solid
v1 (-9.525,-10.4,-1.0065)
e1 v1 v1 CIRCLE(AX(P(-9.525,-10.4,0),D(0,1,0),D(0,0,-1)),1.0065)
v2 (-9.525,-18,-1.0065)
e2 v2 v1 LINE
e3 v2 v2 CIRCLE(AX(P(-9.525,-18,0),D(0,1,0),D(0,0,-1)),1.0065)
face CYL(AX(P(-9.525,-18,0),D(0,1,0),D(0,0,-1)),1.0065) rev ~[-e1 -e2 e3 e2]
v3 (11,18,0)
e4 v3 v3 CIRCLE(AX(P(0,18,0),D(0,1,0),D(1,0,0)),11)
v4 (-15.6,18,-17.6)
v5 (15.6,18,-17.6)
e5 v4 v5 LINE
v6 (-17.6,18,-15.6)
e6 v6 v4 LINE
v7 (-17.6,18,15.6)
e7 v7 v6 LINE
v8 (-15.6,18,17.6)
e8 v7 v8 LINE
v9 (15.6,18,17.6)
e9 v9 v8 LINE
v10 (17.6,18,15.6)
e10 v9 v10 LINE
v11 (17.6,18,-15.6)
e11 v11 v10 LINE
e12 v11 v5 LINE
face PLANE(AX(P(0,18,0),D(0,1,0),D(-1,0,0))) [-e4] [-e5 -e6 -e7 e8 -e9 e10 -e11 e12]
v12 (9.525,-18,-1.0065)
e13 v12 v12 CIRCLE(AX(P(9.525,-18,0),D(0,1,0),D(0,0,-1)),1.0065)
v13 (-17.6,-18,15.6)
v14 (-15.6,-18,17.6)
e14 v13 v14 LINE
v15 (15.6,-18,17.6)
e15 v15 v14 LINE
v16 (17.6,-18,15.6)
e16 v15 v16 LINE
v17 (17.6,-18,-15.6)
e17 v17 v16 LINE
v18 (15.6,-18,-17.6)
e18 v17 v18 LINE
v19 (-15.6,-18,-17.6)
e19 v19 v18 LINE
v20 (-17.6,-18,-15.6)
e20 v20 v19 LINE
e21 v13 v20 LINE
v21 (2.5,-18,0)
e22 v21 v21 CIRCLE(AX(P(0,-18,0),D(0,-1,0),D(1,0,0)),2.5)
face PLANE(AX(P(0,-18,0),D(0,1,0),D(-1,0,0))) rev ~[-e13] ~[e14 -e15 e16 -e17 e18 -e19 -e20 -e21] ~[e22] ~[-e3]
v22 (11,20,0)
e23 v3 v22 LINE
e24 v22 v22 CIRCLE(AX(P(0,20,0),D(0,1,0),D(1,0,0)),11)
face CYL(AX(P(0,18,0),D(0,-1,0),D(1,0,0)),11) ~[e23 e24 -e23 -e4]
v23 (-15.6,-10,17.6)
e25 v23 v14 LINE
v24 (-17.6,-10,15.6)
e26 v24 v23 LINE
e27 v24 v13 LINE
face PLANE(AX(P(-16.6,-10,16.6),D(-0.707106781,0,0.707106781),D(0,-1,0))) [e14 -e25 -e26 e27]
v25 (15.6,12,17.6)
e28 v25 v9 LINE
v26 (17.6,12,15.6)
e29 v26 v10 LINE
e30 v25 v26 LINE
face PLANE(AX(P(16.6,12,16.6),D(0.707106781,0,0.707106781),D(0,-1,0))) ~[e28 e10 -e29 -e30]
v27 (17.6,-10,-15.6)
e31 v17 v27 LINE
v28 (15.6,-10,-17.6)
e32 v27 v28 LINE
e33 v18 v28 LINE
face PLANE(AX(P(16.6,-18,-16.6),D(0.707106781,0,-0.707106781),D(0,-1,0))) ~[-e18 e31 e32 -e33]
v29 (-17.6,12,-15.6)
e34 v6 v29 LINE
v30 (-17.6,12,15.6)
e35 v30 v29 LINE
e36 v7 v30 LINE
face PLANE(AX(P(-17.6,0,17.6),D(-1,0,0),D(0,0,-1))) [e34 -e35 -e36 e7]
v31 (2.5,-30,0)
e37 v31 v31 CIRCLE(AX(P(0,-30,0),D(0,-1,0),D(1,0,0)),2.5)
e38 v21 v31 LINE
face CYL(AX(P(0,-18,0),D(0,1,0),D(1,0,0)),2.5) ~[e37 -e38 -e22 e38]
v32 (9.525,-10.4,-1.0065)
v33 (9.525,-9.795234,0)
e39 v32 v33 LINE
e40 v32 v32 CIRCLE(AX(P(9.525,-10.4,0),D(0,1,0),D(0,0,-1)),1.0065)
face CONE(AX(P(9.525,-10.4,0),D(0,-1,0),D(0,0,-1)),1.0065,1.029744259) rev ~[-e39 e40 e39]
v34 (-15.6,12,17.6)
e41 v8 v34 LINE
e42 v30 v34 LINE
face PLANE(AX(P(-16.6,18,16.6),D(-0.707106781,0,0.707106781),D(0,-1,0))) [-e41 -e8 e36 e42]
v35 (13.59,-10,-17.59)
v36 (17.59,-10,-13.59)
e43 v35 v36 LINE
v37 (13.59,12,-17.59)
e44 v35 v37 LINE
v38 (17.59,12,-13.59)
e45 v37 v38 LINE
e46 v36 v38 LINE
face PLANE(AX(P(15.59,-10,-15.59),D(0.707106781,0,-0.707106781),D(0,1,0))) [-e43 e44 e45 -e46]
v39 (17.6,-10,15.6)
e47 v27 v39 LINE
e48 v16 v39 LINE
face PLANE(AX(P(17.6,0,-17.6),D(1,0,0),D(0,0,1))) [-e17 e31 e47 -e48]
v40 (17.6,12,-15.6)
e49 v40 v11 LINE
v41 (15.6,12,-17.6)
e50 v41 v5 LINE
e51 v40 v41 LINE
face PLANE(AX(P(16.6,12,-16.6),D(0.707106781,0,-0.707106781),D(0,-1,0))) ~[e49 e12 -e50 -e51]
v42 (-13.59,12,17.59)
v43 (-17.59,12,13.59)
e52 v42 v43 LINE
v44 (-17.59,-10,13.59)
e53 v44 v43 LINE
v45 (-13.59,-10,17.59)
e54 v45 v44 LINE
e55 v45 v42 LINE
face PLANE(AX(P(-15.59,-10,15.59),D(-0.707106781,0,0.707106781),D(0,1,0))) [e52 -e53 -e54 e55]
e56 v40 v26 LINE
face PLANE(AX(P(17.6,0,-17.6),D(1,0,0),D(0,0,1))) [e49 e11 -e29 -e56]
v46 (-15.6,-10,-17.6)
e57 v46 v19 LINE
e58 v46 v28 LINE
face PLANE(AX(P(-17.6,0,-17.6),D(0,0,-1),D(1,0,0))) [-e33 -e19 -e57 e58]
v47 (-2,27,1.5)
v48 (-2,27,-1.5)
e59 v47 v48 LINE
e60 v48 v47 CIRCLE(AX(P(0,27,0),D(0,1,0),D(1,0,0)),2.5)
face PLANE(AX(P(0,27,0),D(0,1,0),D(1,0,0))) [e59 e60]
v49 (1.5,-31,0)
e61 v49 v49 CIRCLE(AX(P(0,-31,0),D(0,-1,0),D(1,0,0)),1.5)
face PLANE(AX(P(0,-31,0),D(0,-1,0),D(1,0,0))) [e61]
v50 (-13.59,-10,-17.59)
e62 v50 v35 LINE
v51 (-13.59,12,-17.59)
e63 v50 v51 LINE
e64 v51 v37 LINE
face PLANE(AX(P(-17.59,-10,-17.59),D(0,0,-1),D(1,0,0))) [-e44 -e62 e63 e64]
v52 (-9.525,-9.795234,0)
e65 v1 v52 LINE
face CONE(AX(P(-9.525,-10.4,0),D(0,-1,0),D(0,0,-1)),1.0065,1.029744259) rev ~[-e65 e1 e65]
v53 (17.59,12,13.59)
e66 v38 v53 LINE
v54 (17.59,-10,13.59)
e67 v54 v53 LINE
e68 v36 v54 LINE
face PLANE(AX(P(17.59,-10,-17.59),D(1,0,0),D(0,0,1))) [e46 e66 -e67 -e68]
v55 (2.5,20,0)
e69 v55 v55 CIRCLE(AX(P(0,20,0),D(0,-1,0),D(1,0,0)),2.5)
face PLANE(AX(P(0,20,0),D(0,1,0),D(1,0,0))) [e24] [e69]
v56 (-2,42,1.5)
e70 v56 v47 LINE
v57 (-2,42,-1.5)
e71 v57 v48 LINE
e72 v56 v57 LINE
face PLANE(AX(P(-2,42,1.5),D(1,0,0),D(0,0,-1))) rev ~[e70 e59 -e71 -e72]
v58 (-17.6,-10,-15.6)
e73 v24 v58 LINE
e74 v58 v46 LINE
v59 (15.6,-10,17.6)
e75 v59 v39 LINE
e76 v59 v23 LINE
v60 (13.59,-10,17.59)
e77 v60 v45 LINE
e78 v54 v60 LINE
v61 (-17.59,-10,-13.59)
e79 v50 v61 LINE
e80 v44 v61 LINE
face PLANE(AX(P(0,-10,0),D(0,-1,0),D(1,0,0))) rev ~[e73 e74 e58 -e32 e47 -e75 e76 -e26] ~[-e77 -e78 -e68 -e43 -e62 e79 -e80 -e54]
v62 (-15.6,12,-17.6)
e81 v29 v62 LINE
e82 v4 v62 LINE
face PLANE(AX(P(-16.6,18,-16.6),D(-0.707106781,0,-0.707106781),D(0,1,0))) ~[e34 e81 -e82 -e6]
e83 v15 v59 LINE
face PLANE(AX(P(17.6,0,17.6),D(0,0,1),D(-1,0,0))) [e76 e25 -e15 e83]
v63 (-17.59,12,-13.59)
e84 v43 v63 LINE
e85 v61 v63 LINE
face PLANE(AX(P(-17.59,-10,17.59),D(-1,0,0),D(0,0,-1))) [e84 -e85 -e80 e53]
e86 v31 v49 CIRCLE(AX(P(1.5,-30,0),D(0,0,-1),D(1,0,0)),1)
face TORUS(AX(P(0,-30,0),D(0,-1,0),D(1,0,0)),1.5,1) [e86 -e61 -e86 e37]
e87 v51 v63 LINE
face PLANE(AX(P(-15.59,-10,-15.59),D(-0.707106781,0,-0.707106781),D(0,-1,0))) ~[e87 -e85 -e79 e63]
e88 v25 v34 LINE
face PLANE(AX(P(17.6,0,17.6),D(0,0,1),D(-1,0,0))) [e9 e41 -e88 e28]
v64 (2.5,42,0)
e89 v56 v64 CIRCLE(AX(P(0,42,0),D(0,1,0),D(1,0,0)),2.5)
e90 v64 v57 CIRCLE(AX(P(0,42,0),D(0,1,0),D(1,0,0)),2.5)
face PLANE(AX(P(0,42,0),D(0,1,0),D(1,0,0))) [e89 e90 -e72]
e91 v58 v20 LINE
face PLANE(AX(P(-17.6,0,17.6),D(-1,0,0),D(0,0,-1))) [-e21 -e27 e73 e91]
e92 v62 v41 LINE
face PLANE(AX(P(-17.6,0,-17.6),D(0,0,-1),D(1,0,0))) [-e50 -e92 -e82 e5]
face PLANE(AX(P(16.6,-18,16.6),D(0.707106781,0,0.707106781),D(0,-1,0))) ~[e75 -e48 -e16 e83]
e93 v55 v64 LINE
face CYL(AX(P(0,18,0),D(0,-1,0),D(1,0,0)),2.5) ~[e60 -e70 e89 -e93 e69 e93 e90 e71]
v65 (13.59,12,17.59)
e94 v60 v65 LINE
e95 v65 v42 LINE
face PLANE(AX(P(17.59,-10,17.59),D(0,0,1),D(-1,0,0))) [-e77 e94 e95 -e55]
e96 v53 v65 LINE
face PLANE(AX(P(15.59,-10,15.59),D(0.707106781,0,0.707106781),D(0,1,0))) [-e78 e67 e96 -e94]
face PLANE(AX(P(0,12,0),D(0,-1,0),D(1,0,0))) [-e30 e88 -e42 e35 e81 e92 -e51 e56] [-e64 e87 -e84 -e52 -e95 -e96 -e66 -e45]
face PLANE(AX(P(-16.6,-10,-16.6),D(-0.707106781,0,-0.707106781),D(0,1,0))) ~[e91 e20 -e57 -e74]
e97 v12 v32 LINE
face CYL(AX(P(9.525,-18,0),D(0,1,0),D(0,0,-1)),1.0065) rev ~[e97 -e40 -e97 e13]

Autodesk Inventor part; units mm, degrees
ref_plane "YZ Plane" through (0, 0, 0) normal (1, 0, 0) x (0, 1, 0)
sketch "Sketch1" plane through (0, 0, 0) normal (0, 1, 0) x (-1, 0, 0)
  line L0 (-17.6, 17.6) -> (17.6, 17.6)
  line L1 (17.6, 17.6) -> (17.6, -17.6)
  line L2 (17.6, -17.6) -> (-17.6, -17.6)
  line L3 (-17.6, -17.6) -> (-17.6, 17.6)
  line L4 (-17.6, 17.6) -> (17.6, -17.6) construction
  line L5 (17.6, 17.6) -> (-17.6, -17.6) construction
  point P0 (0, 0)
  dimension "d0" = 35.2
  dimension "d1" = 35.2
extrude "Extrusion1" add sketch "Sketch1" along normal mid plane 36
sketch "Sketch2" plane through (0, 18, 0) normal (0, 1, 0) x (1, 0, 0)
  circle A0 centre (0, 0) radius 11
  dimension "d4" = 22
extrude "Extrusion2" add sketch "Sketch2" along normal blind 2
sketch "Sketch3" plane through (0, 18, 0) normal (0, 1, 0) x (1, 0, 0)
  circle A0 centre (0, 0) radius 2.5
  dimension "d7" = 5
extrude "Extrusion3" add sketch "Sketch3" along normal blind 24
sketch "Sketch4" plane through (0, 42, 0) normal (0, 1, 0) x (1, 0, 0)
  circle A0 centre (0, 0) radius 2.5 projected
  line L0 (-2, -1.5) -> (-2, 1.5)
  circle A1 centre (0, 0) radius 2.5 projected
  dimension "d10" = 4.5
extrude "Extrusion4" cut sketch "Sketch4" against normal blind 15 contours L0 A0 picked at (-2.0912, -0.3466)
ref_plane "Work Plane2" through (0, 12, 0) normal (0, 1, 0) x (1, 0, 0)
ref_plane "Work Plane1" through (0, -10, 0) normal (0, -1, 0) x (1, 0, 0)
sketch "Sketch5" plane through (0, -10, 0) normal (0, -1, 0) x (1, 0, 0)
  line L0 (-17.6, -17.6) -> (17.6, -17.6) projected
  line L1 (17.6, -17.6) -> (17.6, 17.6) projected
  line L2 (17.6, 17.6) -> (-17.6, 17.6) projected
  line L3 (-17.6, 17.6) -> (-17.6, -17.6) projected
  line L4 (-17.59, -17.59) -> (17.59, -17.59)
  line L5 (17.59, -17.59) -> (17.59, 17.59)
  line L6 (17.59, 17.59) -> (-17.59, 17.59)
  line L7 (-17.59, 17.59) -> (-17.59, -17.59)
  point P0 (0, 0)
  dimension "d14" = 0.01
extrude "Extrusion5" cut sketch "Sketch5" against normal up to surface (22 mm away)
chamfer "Chamfer1" distance 4 angle 45 4 edges at (-17.59, 1, 17.59) (-17.59, 1, -17.59) (17.59, 1, 17.59) (17.59, 1, -17.59)
chamfer "Chamfer2" distance 2 angle 45 8 edges at (-17.6, 15, 17.6) (-17.6, -14, 17.6) (17.6, 15, 17.6) (17.6, -14, 17.6) (-17.6, -14, -17.6) (17.6, 15, -17.6) (17.6, -14, -17.6) (-17.6, 15, -17.6)
sketch "Sketch6" plane through (0, -18, 0) normal (0, -1, 0) x (1, 0, 0)
  circle A0 centre (0, 0) radius 2.5 projected
  circle A1 centre (0, 0) radius 2.5
  dimension "d24" = 5
extrude "Extrusion6" add sketch "Sketch6" along normal blind 13
fillet "Fillet1" radius 1 1 edges at (-2.5, -31, 0)
sketch "Sketch7" plane through (0, -18, 0) normal (0, -1, 0) x (1, 0, 0)
  circle A0 centre (0, 0) radius 1.5 projected
  circle A1 centre (0, 0) radius 9.525
  point P0 (-9.525, 0)
  point P1 (9.525, 0)
  dimension "d28" = 19.05
hole "Hole1" at (-9.525, -18, 0) at (9.525, -18, 0) direction (0, 1, 0) diameter 2.013 depth 7.6 tip angle 118 thread size "M2.5x0.45" class "6H" standard "ANSI Metric M Profile"
properties part number "NEMA_14_Dual_LM1048"
